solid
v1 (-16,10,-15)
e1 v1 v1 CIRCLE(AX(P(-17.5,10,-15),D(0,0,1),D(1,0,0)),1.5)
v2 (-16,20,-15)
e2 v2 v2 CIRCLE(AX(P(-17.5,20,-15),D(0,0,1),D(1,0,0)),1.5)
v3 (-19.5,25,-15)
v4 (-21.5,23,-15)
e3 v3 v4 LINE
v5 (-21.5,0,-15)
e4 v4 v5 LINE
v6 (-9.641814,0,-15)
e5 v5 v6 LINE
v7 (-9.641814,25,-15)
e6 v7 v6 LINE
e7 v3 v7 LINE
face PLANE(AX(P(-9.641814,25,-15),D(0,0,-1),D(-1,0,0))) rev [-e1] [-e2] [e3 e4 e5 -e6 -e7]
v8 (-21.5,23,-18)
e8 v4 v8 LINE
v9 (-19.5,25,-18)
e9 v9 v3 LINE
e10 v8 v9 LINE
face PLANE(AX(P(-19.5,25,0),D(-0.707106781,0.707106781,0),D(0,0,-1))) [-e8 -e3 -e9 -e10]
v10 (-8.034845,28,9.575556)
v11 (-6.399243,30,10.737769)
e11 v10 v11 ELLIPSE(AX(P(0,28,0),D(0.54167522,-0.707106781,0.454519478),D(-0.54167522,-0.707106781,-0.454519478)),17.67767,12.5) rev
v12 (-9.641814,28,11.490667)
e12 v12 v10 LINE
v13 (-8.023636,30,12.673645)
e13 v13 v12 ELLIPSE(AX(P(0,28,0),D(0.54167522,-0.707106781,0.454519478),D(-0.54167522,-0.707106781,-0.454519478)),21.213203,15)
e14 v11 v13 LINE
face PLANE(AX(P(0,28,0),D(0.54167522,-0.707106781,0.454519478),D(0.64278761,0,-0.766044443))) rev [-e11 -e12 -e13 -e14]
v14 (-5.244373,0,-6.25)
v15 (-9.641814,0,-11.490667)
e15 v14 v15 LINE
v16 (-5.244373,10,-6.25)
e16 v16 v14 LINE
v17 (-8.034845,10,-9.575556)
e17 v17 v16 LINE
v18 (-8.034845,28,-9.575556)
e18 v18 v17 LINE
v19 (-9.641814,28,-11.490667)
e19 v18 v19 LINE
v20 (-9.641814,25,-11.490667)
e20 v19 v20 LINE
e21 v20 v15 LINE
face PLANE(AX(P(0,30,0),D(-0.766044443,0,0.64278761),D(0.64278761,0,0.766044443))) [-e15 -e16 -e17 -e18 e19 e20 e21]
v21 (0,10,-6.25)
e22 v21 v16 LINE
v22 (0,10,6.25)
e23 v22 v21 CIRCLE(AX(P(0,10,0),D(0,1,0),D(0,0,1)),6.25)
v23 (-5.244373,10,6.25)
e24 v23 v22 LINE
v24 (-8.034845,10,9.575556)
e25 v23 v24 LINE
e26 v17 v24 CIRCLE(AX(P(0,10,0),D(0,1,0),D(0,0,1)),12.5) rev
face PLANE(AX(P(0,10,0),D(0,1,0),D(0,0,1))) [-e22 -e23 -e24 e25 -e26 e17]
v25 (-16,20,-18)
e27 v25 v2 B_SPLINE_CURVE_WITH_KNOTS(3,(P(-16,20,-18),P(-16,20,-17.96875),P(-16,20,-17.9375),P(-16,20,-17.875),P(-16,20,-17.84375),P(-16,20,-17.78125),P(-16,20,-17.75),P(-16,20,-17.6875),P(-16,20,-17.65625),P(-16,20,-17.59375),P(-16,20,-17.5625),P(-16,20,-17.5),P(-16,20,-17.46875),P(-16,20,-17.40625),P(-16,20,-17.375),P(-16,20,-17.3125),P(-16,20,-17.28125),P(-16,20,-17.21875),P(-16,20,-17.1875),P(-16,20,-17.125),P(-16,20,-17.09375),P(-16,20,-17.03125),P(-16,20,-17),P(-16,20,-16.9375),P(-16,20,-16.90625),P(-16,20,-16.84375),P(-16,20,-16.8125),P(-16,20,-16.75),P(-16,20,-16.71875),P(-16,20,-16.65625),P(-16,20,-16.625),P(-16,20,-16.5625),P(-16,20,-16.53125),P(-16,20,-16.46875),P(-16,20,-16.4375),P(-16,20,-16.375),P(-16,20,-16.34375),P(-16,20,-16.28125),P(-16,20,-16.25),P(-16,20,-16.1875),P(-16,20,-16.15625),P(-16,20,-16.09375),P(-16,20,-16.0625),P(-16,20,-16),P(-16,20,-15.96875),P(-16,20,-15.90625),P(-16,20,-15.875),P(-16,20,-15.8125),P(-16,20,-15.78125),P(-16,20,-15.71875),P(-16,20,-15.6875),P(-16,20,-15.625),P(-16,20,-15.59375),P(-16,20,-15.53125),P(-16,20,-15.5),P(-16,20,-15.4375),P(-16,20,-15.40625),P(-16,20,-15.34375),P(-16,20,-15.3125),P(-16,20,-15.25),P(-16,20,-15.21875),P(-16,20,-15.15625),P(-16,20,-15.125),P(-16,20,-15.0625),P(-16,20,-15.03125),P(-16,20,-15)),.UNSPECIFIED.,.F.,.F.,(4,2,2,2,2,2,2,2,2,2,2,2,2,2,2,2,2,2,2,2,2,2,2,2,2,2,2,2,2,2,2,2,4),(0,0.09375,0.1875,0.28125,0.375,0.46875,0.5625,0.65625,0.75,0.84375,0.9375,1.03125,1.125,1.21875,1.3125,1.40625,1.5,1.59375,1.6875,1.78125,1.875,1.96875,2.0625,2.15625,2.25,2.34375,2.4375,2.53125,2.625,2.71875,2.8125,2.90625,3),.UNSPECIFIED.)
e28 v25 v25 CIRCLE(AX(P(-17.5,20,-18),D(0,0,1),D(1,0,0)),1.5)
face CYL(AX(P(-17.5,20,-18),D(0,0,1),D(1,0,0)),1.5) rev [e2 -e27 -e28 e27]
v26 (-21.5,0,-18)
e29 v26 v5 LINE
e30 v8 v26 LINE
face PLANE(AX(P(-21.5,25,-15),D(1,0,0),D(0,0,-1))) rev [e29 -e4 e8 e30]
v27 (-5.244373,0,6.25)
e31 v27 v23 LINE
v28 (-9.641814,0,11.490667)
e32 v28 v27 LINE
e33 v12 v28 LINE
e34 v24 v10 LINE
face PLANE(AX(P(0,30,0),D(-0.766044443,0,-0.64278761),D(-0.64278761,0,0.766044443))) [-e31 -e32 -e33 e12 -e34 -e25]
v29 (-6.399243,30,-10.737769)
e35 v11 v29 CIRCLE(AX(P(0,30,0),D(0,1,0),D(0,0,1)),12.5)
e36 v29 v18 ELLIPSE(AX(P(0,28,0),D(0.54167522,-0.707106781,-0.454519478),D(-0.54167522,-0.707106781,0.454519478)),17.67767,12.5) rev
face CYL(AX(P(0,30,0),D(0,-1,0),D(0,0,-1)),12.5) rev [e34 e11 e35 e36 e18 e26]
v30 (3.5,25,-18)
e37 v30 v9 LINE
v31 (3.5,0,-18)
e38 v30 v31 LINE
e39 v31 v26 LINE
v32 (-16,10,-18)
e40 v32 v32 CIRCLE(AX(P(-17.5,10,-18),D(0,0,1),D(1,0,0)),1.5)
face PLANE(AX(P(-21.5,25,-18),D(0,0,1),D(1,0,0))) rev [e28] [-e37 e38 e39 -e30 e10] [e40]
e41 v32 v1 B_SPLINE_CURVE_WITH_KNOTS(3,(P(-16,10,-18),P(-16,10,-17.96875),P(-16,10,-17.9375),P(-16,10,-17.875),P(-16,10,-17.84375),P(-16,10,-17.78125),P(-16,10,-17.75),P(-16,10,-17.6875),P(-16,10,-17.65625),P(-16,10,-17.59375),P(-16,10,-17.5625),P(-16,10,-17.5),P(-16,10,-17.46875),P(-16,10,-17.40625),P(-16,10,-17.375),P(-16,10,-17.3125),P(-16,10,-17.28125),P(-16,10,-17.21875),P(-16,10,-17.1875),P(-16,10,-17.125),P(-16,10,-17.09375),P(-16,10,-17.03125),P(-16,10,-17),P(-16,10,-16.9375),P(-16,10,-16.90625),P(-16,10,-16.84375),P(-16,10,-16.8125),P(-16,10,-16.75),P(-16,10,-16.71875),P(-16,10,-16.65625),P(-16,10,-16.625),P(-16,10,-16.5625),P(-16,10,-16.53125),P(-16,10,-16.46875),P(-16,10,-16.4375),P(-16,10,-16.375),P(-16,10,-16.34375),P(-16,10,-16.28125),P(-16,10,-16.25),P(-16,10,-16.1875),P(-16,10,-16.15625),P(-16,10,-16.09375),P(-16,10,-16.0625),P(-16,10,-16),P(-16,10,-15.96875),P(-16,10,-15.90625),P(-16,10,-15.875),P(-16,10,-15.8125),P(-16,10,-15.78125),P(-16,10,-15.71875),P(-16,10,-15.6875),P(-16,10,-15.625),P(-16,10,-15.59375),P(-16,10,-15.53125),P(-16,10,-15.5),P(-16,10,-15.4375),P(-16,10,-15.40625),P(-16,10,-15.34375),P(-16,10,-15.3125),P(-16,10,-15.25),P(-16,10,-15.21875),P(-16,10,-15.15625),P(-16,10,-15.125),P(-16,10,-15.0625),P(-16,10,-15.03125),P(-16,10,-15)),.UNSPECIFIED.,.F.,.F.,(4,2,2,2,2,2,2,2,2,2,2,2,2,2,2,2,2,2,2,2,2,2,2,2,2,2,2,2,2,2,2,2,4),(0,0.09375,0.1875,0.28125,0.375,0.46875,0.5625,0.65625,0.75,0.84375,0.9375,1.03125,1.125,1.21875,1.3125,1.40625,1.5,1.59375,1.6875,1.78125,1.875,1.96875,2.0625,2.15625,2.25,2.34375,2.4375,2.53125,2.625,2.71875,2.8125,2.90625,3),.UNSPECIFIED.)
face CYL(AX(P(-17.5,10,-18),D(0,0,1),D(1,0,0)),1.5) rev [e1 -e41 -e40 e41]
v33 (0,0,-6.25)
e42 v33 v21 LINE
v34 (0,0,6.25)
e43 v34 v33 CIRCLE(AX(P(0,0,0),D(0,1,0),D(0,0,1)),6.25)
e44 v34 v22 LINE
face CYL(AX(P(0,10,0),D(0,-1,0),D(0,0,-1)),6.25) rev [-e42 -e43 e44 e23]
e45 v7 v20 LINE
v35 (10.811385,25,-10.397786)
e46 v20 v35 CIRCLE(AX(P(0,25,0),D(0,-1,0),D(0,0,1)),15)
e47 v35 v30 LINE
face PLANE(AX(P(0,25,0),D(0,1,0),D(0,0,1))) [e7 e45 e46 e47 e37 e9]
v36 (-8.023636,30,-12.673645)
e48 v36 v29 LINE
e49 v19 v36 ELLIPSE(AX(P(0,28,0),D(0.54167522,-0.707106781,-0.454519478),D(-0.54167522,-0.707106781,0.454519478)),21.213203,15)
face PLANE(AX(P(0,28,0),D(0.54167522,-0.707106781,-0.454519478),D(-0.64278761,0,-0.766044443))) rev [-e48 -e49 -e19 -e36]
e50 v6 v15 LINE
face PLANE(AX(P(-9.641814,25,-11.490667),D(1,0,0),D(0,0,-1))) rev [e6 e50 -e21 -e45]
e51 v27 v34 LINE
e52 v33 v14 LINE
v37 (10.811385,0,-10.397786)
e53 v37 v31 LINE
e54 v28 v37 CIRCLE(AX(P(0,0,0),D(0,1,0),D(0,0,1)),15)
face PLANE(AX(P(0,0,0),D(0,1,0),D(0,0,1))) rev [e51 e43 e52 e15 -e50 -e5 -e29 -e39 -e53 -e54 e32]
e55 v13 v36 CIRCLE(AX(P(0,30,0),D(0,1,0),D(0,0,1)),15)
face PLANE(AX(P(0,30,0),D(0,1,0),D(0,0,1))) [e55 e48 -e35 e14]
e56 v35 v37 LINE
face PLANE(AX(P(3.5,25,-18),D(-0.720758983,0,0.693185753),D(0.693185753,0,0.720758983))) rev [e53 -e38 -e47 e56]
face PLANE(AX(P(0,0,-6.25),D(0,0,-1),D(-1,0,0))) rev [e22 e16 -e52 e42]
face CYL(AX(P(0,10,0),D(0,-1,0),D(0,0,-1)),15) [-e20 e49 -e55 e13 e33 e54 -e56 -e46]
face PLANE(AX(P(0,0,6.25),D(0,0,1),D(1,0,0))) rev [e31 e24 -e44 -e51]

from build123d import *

# Parameters (mm, degrees)
SKETCH1_R           = 15
SKETCH1_R_2         = 6.25
BOSS_EXTRUDE1_DEPTH = 10
SKETCH2_R           = 15
SKETCH2_R_2         = 12.5
BOSS_EXTRUDE2_DEPTH = 20
CUT_EXTRUDE1_DEPTH  = 37.742346142
BOSS_EXTRUDE3_DEPTH = 25
SKETCH5_R           = 1.5
CUT_EXTRUDE2_DEPTH  = 48.563115962
CUT_EXTRUDE3_DEPTH  = 35.441980199
CHAMFER2_SIZE       = 2


with BuildPart() as part:
    # Sketch1 → Boss-Extrude1 (new body)
    with BuildSketch(Plane(origin=(0, 0, 0), x_dir=(1, 0, 0), z_dir=(0, 1, 0))):
        with Locations(Location((0, 0, 0), (0, 0, 270))):
            Circle(SKETCH1_R)
        with Locations(Location((0, 0, 0), (0, 0, 270))):
            Circle(SKETCH1_R_2, mode=Mode.SUBTRACT)
    extrude(amount=BOSS_EXTRUDE1_DEPTH)

    # Sketch2 → Boss-Extrude2 (add)
    with BuildSketch(Plane(origin=(0, 10, 0), x_dir=(1, 0, 0), z_dir=(0, 1, 0))):
        with Locations(Location((0, 0, 0), (0, 0, 270))):
            Circle(SKETCH2_R)
        with Locations(Location((0, 0, 0), (0, 0, 270))):
            Circle(SKETCH2_R_2, mode=Mode.SUBTRACT)
    extrude(amount=BOSS_EXTRUDE2_DEPTH)

    # Sketch3 → Cut-Extrude1 (cut, through all)
    with BuildSketch(Plane(origin=(0, 0, 0), x_dir=(1, 0, 0), z_dir=(0, 1, 0))):
        with BuildLine():
            Line((0, 0), (-9.641814145, 11.490666647))
            ThreePointArc((-9.641814145, 11.490666647), (-15, 0), (-9.641814145, -11.490666647))
            Line((-9.641814145, -11.490666647), (0, 0))
        make_face()
    extrude(amount=CUT_EXTRUDE1_DEPTH, mode=Mode.SUBTRACT)

    # Sketch4 → Boss-Extrude3 (add)
    with BuildSketch(Plane(origin=(0, 0, 0), x_dir=(1, 0, 0), z_dir=(0, 1, 0))):
        with BuildLine():
            Line((-9.641814145, 11.490666647), (-9.641814145, 15))
            Line((-9.641814145, 15), (-21.5, 15))
            Line((-21.5, 15), (-21.5, 18))
            Line((-21.5, 18), (3.5, 18))
            Line((3.5, 18), (10.811384743, 10.3977863))
            ThreePointArc((10.811384743, 10.3977863), (0.800356614, 14.978632424), (-9.641814145, 11.490666647))
        make_face()
    extrude(amount=BOSS_EXTRUDE3_DEPTH)

    # Sketch5 → Cut-Extrude2 (cut, through all)
    with BuildSketch(Plane.XY.offset(-15)):
        with Locations((-17.5, 20)):
            Circle(SKETCH5_R)
        with Locations((-17.5, 10)):
            Circle(SKETCH5_R)
    extrude(amount=-CUT_EXTRUDE2_DEPTH, mode=Mode.SUBTRACT)

    # Sketch6 → Cut-Extrude3 (cut, through all)
    with BuildSketch(Plane(origin=(0, 10, 0), x_dir=(1, 0, 0), z_dir=(0, 1, 0))):
        with BuildLine():
            Line((0, -6.25), (-12.5, -6.25))
            ThreePointArc((-12.5, -6.25), (-18.75, 0), (-12.5, 6.25))
            Line((-12.5, 6.25), (0, 6.25))
            ThreePointArc((0, 6.25), (6.25, 0), (0, -6.25))
        make_face()
    extrude(amount=-CUT_EXTRUDE3_DEPTH, mode=Mode.SUBTRACT)

    # Chamfer2
    chamfer2_edges = [part.edges().sort_by_distance(p)[0] for p in [
        (-8.838329633, 30, -10.533111093),
        (-8.838329633, 30, 10.533111093),
        (-21.5, 25, -16.5),
    ]]
    chamfer(chamfer2_edges, length=CHAMFER2_SIZE)


solid = part.part
